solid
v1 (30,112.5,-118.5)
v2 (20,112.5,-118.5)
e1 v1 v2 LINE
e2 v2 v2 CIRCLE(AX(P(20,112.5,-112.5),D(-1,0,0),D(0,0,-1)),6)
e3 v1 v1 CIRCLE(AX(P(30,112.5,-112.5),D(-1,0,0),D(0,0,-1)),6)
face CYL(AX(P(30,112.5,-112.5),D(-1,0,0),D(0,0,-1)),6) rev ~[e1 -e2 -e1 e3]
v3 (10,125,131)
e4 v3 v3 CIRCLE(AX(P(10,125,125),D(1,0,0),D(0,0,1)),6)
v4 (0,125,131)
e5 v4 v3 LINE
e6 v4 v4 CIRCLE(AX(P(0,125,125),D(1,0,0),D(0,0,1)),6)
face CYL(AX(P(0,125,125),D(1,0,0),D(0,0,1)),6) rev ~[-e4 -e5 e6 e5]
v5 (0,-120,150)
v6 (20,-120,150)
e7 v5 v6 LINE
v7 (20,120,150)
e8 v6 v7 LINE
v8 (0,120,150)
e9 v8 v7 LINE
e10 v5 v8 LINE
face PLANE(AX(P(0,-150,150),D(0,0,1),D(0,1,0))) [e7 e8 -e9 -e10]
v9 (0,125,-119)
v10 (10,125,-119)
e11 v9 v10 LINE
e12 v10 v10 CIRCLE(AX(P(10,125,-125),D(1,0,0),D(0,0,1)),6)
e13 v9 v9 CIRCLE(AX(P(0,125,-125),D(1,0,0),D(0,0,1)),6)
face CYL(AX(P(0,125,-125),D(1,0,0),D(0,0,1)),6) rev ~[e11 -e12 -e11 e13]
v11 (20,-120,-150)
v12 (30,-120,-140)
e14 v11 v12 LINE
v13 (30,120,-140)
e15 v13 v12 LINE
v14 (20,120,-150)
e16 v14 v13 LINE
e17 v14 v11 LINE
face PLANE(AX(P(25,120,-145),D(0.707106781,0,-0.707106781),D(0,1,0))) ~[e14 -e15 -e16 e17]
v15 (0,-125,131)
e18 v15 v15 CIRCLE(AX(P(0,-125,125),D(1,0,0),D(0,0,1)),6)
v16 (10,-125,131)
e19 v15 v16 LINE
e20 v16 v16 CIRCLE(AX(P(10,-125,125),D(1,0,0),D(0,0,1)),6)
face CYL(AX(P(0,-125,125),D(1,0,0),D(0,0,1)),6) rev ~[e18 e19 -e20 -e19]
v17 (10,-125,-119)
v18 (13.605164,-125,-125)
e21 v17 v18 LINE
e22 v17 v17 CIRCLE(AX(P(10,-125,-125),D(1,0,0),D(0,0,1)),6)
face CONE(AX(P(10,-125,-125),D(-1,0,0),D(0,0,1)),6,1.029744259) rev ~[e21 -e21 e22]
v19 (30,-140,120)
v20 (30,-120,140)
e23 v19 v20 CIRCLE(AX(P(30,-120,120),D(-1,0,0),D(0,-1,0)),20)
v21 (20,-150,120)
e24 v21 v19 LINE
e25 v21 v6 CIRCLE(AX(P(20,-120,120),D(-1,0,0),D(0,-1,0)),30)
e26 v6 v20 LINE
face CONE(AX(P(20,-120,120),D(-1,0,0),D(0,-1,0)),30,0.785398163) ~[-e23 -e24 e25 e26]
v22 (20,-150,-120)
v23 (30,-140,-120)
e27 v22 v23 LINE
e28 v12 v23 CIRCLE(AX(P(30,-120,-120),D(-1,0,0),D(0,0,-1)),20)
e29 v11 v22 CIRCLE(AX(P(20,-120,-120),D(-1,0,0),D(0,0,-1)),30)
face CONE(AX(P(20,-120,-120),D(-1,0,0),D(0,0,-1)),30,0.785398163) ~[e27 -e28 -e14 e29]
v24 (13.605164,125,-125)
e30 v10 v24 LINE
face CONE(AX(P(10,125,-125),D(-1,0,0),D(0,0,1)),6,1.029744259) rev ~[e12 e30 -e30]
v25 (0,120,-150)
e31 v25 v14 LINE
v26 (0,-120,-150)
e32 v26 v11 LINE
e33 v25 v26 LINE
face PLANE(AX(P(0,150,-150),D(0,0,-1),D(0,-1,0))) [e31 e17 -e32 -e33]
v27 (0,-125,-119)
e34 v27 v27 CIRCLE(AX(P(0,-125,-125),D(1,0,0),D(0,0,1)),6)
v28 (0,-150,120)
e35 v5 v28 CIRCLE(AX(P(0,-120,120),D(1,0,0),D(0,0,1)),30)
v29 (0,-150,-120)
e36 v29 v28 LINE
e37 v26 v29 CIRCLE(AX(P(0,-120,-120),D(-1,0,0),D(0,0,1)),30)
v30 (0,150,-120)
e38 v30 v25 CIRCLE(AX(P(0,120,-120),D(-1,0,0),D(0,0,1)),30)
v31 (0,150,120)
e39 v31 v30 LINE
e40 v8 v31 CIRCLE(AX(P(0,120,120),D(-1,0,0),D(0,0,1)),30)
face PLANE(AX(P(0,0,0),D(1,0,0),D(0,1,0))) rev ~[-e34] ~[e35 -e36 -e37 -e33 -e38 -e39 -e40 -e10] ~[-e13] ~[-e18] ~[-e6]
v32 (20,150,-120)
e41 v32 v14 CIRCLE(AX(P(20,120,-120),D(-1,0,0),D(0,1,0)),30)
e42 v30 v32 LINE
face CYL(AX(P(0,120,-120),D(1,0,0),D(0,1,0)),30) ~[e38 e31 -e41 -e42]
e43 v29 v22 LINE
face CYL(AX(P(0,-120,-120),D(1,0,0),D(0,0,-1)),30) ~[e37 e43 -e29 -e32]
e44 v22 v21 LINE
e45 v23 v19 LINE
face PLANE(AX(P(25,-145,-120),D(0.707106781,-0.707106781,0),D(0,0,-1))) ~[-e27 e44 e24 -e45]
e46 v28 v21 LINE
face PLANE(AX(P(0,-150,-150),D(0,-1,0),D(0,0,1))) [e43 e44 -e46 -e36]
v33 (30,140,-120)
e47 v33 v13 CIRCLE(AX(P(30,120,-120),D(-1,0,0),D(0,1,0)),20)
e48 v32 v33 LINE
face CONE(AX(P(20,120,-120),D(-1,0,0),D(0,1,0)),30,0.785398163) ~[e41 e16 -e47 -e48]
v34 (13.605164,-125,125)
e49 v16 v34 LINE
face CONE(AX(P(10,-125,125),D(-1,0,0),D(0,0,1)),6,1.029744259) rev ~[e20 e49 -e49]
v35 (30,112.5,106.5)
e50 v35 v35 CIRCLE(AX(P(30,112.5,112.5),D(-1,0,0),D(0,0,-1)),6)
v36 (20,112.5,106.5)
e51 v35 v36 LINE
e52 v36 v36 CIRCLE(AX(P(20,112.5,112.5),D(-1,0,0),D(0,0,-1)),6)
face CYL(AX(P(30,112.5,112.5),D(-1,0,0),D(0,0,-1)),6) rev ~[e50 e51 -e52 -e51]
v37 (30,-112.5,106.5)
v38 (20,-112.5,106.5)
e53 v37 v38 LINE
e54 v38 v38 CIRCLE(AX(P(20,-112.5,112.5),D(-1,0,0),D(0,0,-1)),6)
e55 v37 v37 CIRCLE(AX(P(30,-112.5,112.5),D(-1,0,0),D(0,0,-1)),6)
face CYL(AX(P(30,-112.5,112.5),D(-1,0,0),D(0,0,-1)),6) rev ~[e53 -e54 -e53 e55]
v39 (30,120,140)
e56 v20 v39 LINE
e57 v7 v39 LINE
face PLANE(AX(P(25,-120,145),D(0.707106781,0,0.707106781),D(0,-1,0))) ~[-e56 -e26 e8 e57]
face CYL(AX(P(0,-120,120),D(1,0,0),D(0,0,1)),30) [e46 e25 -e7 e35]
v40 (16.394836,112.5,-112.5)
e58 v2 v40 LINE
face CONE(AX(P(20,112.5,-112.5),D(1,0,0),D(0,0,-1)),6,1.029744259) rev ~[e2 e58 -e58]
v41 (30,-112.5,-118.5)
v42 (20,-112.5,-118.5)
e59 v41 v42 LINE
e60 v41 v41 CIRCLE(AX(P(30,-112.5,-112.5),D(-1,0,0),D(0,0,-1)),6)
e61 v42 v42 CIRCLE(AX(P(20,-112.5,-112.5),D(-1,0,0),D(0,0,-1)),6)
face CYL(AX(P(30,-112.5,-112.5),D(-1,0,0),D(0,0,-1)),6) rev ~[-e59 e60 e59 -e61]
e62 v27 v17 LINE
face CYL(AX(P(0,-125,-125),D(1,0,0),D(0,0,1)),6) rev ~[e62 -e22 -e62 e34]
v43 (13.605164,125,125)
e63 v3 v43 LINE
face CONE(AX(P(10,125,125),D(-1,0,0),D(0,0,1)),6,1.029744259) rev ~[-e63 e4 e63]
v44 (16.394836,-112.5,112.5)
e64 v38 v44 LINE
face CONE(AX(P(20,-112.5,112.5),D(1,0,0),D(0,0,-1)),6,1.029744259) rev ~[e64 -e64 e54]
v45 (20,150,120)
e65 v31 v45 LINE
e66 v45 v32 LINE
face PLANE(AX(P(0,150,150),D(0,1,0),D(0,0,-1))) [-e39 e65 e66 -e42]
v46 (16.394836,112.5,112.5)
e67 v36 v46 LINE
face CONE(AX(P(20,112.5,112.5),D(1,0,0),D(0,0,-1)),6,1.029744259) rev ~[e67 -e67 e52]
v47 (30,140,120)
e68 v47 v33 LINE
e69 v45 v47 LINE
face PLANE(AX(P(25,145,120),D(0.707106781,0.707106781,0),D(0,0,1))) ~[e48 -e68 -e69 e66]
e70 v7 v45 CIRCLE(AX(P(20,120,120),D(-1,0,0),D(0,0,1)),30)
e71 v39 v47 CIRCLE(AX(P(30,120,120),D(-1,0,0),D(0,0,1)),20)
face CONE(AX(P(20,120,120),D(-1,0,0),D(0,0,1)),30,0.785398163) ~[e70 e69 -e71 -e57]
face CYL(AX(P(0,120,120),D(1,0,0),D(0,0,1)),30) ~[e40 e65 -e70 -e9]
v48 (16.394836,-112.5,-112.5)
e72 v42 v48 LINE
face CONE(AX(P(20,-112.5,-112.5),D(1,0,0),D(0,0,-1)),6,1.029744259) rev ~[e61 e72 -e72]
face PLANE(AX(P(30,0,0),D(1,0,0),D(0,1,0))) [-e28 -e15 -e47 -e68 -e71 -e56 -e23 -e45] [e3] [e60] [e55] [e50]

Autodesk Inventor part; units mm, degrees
ref_plane "YZ Plane" through (0, 0, 0) normal (1, 0, 0) x (0, 1, 0)
ref_plane "XZ Plane" through (0, 0, 0) normal (0, 1, 0) x (-1, 0, 0)
ref_plane "XY Plane" through (0, 0, 0) normal (0, 0, 1) x (1, 0, 0)
sketch "草圖1" plane through (0, 0, 0) normal (1, 0, 0) x (0, 1, 0)
  line L0 (-150, 150) -> (150, 150)
  line L1 (150, 150) -> (150, -150)
  line L2 (150, -150) -> (-150, -150)
  line L3 (-150, -150) -> (-150, 150)
  line L4 (-150, 150) -> (150, -150) construction
  line L5 (150, 150) -> (-150, -150) construction
  point P0 (0, 0)
  dimension "d0" = 300
  dimension "d1" = 300
extrude "擠出1" add sketch "草圖1" along normal blind 30
fillet "圓角1" radius 30 4 edges at (15, 150, 150) (15, -150, 150) (15, 150, -150) (15, -150, -150)
chamfer "倒角1" distance 10 angle 45 8 edges at (30, 0, 150) (30, -141.2132, 141.2132) (30, -150, 0) (30, -141.2132, -141.2132) (30, 0, -150) (30, 141.2132, -141.2132) (30, 150, 0) (30, 141.2132, 141.2132)
sketch "草圖2" plane through (30, 0, 0) normal (1, 0, 0) x (0, 0, -1)
  line L0 (-112.5, -112.5) -> (112.5, -112.5)
  line L1 (112.5, -112.5) -> (112.5, 112.5)
  line L2 (112.5, 112.5) -> (-112.5, 112.5)
  line L3 (-112.5, 112.5) -> (-112.5, -112.5)
  line L4 (-112.5, -112.5) -> (112.5, 112.5) construction
  line L5 (112.5, -112.5) -> (-112.5, 112.5) construction
  point P0 (0, 0)
  dimension "d8" = 225
  dimension "d9" = 225
hole "孔1" at (30, 112.5, 112.5) at (30, 112.5, -112.5) at (30, -112.5, 112.5) at (30, -112.5, -112.5) direction (-1, 0, 0) diameter 12 depth 10 tip angle 118
sketch "草圖3" plane through (0, 0, 0) normal (-1, 0, 0) x (0, 0, 1)
  arc A0 (-150, -120) -> (-120, -150) centre (-120, -120) ccw projected
  line L0 (-120, -150) -> (120, -150) projected
  arc A1 (120, -150) -> (150, -120) centre (120, -120) ccw projected
  line L1 (150, -120) -> (150, 120) projected
  arc A2 (150, 120) -> (120, 150) centre (120, 120) ccw projected
  line L2 (120, 150) -> (-120, 150) projected
  arc A3 (-120, 150) -> (-150, 120) centre (-120, 120) ccw projected
  line L3 (-150, 120) -> (-150, -120) projected
  line L4 (125, 125) -> (-125, 125)
  line L5 (-125, 125) -> (-125, -125)
  line L6 (-125, -125) -> (125, -125)
  line L7 (125, -125) -> (125, 125)
  line L8 (125, 125) -> (-125, -125) construction
  line L9 (-125, 125) -> (125, -125) construction
  point P0 (0, 0)
  dimension "d17" = 250
  dimension "d18" = 250
hole "孔2" at (0, -125, 125) at (0, -125, -125) at (0, 125, -125) at (0, 125, 125) direction (1, 0, 0) diameter 12 depth 10 tip angle 118
properties part number "exercise3-1-1"
